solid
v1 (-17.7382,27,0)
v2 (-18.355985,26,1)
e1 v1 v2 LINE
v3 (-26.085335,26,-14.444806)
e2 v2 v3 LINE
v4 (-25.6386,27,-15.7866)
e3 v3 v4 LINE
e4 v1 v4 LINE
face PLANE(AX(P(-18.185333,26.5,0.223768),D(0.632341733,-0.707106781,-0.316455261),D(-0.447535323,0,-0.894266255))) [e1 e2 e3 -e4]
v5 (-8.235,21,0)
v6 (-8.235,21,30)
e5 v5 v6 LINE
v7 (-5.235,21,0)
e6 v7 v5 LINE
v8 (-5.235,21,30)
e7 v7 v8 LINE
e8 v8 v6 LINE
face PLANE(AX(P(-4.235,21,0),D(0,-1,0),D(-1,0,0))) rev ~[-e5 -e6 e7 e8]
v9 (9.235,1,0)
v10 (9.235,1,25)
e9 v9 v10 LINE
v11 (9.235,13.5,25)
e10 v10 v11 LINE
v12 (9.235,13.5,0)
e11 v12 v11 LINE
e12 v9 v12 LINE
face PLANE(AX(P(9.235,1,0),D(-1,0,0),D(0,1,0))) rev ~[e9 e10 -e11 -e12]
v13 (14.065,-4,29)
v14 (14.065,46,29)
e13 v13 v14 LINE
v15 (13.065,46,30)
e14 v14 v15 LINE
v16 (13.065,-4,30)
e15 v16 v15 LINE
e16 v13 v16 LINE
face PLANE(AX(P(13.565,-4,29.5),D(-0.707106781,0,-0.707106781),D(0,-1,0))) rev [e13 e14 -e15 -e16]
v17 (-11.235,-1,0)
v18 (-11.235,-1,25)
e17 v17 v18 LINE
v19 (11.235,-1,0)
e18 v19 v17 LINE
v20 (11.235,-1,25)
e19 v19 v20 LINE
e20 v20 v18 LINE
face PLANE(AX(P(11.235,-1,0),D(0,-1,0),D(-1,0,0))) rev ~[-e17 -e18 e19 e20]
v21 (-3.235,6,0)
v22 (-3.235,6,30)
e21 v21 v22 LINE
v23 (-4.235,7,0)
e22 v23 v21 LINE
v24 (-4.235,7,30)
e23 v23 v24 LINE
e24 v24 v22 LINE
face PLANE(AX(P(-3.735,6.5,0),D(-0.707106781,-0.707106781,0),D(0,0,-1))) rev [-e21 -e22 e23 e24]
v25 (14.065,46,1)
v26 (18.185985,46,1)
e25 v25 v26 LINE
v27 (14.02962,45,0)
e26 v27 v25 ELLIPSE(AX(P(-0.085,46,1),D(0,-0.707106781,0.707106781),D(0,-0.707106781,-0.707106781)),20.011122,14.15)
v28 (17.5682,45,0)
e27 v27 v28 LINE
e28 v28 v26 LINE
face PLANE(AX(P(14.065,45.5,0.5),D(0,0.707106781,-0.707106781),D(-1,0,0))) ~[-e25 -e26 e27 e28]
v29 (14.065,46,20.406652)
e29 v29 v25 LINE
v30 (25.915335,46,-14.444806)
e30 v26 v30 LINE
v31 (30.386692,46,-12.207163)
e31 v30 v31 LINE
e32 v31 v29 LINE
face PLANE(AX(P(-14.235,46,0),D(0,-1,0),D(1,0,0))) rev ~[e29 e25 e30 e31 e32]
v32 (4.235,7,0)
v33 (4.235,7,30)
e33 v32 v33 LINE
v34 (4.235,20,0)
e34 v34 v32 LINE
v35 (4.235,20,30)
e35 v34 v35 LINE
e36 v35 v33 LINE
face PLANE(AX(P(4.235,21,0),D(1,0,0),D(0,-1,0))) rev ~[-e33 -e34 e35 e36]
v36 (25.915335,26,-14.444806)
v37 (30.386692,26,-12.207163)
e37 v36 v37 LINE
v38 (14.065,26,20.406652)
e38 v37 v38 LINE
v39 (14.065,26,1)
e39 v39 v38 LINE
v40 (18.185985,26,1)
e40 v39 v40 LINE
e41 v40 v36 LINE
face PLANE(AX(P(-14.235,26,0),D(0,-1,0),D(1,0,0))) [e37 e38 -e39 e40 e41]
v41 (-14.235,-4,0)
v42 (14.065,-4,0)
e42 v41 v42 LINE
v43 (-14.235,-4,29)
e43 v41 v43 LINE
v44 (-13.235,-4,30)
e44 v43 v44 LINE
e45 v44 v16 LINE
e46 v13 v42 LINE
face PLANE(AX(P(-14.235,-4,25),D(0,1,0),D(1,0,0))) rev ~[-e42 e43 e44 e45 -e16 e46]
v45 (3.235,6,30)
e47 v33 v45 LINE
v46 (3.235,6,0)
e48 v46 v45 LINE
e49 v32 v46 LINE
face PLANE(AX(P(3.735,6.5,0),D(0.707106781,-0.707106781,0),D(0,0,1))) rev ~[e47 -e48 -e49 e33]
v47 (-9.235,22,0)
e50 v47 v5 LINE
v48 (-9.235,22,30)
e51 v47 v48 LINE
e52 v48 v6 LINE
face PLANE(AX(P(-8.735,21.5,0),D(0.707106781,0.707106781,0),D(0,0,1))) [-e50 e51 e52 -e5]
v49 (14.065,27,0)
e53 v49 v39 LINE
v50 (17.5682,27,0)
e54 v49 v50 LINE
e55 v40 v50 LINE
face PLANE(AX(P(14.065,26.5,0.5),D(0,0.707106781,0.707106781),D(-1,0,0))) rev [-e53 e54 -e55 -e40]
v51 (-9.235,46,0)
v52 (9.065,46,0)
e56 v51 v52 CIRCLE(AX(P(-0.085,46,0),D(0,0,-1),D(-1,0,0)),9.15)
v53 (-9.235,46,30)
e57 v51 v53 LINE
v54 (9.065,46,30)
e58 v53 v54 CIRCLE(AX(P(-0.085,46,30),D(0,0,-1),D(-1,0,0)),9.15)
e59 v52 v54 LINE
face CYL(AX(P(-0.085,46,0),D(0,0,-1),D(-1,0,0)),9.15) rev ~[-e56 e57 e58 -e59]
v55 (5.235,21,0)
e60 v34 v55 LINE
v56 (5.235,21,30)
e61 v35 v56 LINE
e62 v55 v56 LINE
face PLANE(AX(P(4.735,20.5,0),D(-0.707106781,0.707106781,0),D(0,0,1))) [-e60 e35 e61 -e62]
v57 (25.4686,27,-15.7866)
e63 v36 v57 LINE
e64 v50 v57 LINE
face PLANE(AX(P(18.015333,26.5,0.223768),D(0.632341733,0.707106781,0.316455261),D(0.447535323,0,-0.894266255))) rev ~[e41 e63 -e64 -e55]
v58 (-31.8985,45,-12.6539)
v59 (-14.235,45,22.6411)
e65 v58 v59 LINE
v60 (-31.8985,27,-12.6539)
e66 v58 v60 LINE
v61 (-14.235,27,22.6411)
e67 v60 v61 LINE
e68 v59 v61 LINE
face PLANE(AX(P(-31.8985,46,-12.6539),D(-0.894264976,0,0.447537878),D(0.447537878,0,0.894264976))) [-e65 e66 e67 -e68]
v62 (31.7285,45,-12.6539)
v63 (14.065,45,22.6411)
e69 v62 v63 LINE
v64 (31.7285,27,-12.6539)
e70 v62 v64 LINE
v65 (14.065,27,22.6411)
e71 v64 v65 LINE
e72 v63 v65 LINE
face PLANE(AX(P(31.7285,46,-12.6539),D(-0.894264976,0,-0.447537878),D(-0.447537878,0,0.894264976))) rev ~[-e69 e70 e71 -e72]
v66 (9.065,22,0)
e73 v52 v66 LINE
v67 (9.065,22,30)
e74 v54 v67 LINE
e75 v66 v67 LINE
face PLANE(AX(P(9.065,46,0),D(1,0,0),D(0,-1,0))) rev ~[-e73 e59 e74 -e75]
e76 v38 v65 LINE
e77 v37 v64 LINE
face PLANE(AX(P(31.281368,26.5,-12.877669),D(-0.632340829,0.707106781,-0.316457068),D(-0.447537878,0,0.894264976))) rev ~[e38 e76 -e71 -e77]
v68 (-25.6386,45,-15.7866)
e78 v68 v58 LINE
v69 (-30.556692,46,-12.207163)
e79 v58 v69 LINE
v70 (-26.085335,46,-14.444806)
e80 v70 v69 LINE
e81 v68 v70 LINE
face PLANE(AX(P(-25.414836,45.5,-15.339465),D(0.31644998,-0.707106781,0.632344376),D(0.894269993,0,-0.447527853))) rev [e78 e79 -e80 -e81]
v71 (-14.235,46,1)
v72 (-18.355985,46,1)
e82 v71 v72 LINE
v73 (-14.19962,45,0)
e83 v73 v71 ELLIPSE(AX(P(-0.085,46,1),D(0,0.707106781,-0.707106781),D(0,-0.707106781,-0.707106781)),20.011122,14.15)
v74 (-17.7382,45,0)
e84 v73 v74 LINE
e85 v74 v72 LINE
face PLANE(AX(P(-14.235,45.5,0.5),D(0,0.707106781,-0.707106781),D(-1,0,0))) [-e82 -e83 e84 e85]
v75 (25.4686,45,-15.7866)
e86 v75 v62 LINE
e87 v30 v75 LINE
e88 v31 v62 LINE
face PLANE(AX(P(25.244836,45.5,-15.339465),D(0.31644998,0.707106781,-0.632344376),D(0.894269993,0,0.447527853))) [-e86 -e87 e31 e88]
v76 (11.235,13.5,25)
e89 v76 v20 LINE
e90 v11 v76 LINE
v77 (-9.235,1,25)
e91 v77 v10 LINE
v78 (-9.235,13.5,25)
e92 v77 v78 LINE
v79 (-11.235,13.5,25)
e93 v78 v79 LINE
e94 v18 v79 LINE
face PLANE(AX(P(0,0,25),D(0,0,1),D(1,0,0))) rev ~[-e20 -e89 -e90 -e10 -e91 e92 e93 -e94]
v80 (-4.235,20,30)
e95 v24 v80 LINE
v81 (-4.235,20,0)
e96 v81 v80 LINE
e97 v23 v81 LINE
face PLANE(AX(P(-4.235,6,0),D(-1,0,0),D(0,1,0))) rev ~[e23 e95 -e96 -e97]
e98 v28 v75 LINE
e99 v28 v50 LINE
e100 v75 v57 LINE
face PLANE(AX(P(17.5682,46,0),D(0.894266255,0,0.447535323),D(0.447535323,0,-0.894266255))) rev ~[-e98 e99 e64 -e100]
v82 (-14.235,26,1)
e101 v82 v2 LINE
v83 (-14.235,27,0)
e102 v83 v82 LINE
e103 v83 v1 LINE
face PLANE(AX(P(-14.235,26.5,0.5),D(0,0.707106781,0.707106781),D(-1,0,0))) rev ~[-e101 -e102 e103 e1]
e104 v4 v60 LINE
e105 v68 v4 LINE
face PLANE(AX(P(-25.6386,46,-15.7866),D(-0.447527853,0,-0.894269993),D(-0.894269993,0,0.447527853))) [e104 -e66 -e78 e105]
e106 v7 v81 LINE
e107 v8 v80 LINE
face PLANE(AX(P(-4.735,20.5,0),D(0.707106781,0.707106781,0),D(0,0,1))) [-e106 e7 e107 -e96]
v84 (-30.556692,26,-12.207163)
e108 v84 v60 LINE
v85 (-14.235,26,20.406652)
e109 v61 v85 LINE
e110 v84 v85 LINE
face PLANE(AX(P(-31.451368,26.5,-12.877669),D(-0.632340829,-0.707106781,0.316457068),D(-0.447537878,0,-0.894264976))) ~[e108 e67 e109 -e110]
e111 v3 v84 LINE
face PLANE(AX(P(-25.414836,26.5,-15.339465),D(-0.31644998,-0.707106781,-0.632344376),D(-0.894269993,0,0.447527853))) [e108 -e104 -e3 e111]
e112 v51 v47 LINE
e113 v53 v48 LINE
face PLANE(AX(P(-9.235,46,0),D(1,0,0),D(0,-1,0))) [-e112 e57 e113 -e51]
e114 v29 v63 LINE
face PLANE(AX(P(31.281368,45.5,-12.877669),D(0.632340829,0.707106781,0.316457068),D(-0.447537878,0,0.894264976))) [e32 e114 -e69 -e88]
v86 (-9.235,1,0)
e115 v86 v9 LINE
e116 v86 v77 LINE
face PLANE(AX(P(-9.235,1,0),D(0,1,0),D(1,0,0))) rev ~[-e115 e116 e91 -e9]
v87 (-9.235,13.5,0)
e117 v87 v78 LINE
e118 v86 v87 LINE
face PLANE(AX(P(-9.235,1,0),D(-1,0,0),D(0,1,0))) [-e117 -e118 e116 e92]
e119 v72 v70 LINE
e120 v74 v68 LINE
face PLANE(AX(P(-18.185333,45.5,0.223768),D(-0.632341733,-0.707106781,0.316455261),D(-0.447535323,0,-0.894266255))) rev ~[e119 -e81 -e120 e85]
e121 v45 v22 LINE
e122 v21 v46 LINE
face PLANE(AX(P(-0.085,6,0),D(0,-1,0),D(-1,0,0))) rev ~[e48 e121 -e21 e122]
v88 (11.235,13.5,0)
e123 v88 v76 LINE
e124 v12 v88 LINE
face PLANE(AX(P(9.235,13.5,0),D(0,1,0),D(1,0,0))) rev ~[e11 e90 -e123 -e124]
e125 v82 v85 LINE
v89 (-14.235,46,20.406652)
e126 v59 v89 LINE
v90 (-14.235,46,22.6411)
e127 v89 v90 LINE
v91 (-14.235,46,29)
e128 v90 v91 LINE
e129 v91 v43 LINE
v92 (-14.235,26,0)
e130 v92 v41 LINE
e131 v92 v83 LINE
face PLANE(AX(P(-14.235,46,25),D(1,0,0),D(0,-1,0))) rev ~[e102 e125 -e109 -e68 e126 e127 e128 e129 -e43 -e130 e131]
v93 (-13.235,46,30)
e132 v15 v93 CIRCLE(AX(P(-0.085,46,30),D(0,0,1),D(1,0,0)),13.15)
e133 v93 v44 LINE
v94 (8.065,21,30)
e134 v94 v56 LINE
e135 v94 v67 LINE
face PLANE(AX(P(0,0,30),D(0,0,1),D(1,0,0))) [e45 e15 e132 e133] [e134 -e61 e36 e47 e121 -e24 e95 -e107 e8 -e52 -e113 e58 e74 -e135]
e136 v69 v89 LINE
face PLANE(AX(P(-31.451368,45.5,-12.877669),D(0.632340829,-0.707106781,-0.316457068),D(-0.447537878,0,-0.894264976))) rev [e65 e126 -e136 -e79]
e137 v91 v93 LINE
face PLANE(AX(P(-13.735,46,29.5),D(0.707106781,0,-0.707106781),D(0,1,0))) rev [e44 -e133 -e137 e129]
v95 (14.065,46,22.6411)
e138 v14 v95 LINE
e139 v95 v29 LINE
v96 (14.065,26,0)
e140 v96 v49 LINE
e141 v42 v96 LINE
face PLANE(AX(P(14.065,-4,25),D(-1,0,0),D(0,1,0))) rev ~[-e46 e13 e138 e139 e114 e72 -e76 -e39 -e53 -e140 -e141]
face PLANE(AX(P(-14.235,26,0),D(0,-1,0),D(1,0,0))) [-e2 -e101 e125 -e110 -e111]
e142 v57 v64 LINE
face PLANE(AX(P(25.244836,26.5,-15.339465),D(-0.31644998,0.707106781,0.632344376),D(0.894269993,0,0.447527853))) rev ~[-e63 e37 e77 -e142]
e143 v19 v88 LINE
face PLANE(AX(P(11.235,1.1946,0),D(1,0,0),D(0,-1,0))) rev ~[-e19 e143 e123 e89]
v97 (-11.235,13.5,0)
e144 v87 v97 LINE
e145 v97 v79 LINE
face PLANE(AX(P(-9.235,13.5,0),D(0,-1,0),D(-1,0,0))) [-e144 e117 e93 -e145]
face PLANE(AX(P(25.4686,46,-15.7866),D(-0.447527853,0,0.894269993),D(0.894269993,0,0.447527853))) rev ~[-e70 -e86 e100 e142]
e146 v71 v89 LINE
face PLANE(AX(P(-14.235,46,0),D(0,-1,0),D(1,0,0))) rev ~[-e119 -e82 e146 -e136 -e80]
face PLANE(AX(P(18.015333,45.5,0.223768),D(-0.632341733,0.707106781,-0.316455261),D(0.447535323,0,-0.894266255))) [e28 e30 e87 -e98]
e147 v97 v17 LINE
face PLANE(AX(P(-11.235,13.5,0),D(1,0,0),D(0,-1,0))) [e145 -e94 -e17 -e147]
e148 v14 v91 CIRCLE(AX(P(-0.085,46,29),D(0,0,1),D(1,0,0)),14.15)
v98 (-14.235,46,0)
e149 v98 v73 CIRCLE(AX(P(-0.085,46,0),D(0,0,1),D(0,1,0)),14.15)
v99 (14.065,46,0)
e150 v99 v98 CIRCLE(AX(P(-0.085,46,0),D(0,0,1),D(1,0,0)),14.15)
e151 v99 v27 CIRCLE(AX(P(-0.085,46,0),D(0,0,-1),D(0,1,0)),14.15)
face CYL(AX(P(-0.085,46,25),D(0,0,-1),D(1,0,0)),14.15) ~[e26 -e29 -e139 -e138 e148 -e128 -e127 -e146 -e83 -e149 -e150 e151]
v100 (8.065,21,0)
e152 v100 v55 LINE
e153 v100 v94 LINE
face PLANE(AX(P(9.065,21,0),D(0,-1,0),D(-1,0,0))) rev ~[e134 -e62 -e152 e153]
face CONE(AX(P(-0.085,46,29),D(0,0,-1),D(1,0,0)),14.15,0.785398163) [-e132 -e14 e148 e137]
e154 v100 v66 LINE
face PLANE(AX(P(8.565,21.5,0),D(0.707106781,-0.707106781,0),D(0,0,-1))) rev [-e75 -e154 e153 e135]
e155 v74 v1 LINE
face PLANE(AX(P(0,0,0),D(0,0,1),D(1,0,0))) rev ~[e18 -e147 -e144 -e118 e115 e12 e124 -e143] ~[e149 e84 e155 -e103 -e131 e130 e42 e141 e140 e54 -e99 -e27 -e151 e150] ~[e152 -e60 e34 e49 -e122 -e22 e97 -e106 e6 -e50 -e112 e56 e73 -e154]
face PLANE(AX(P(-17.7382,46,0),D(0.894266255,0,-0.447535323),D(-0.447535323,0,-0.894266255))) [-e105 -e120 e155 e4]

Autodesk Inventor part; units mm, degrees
ref_plane "YZ Plane" through (0, 0, 0) normal (1, 0, 0) x (0, 1, 0)
ref_plane "XZ Plane" through (0, 0, 0) normal (0, 1, 0) x (-1, 0, 0)
sketch "Sketch1" plane through (0, 0, 0) normal (0, 0, 1) x (1, 0, 0)
  line L0 (-9.235, 1) -> (9.235, 1)
  line L1 (11.235, 1.1946) -> (11.235, -1)
  line L2 (11.235, -1) -> (-11.235, -1)
  line L3 (-11.235, -1) -> (-11.235, 1.0973)
  line L4 (-9.235, 1) -> (-9.235, 13.5)
  line L5 (-9.235, 13.5) -> (-11.235, 13.5)
  line L6 (-11.235, 13.5) -> (-11.235, 1.0973)
  line L7 (9.235, 1) -> (9.235, 13.5)
  line L8 (9.235, 13.5) -> (11.235, 13.5)
  line L9 (11.235, 13.5) -> (11.235, 1.1946)
  line L10 (-14.235, -4) -> (14.065, -4)
  line L11 (14.065, -4) -> (14.065, 46)
  line L12 (14.065, 46) -> (-14.235, 46)
  line L13 (-14.235, 46) -> (-14.235, -4)
  arc A0 (14.065, 46) -> (-14.235, 46) centre (-0.085, 46) ccw
  point P0 (0, 0)
  point P1 (0, 0)
  dimension "d0" = 22.47
  dimension "d1" = 11.235
  dimension "d3" = 1
  dimension "d4" = 14.5
  dimension "d5" = 2
  dimension "d6" = 2
  dimension "d7" = 14.5
  dimension "d10" = 2
  dimension "d19" = 28.3
  dimension "d20" = 50
  dimension "d21" = 14.15
  dimension "d22" = 3
  dimension "d23" = 3
  dimension "d64" = 18.47
extrude "Extrusion2" add sketch "Sketch1" along normal blind 25
sketch "Sketch2" plane through (0, 0, 25) normal (0, 0, 1) x (1, 0, 0)
  line L0 (-14.235, 46) -> (-14.235, -4) projected
  line L1 (-14.235, -4) -> (14.065, -4) projected
  line L2 (14.065, -4) -> (14.065, 46) projected
  line L3 (14.065, -4) -> (14.065, 46) projected
  line L4 (-14.235, -4) -> (14.065, -4)
  line L5 (14.065, -4) -> (14.065, 46)
  line L6 (-14.235, 46) -> (-14.235, -4)
  arc A0 (14.065, 46) -> (-14.235, 46) centre (-0.085, 46) ccw
  point P0 (0, 0)
extrude "Extrusion3" add sketch "Sketch2" along normal blind 5
ref_plane "Work Plane1" through (-14.235, 46, 0) normal (0, -1, 0) x (1, 0, 0)
sketch "Sketch3" plane through (-14.235, 46, 0) normal (0, -1, 0) x (1, 0, 0)
  line L0 (0, 0) -> (28.3, 0) projected
  line L1 (28.3, 0) -> (28.3, 30) projected
  line L2 (0, 30) -> (28.3, 30) projected
  line L3 (0, 0) -> (0, 30) projected
  line L4 (14.235, 0) -> (42.81, 0) construction
  line L5 (28.3, 0) -> (28.3, 30) projected
  line L6 (31.8032, 0) -> (39.7036, -15.7866)
  line L7 (39.7036, -15.7866) -> (45.9635, -12.6539)
  line L8 (45.9635, -12.6539) -> (28.3, 22.6411)
  line L9 (28.3, 0) -> (0, 0) projected
  line L10 (28.3, 0) -> (31.8032, 0)
  line L11 (-3.5032, 0) -> (-11.4036, -15.7866)
  line L12 (-11.4036, -15.7866) -> (-17.6635, -12.6539)
  line L13 (-17.6635, -12.6539) -> (0, 22.6411)
  line L14 (0, 0) -> (-3.5032, 0)
  line L15 (0, 0) -> (0, 22.6411)
  dimension "d31" = 7
extrude "Extrusion4" add sketch "Sketch3" along normal blind 20 contours L14 L11 L12 L13 L3 | L1 L8 L7 L6 L10
sketch "Sketch4" plane through (0, 0, 0) normal (0, 0, -1) x (-1, 0, 0)
  line L0 (14.235, -4) -> (-14.065, -4) projected
  line L1 (0.085, -4) -> (0.085, 46)
  arc A0 (9.235, 46) -> (-9.065, 46) centre (0.085, 46) ccw
  line L2 (-9.065, 46) -> (-9.065, 21)
  line L3 (9.235, 46) -> (9.235, 21)
  arc A1 (14.235, 46) -> (-14.065, 46) centre (0.085, 46) ccw projected
  line L4 (-4.235, 21) -> (-4.235, 6)
  line L5 (-4.235, 6) -> (4.235, 6)
  line L6 (4.235, 6) -> (4.235, 21)
  line L7 (11.235, 13.5) -> (9.235, 13.5) projected
  line L8 (9.235, 13.5) -> (9.235, 1) projected
  line L9 (9.235, 1) -> (-9.235, 1) projected
  line L10 (-9.235, 1) -> (-9.235, 13.5) projected
  line L11 (-9.235, 13.5) -> (-11.235, 13.5) projected
  line L12 (-11.235, 13.5) -> (-11.235, -1) projected
  line L13 (-11.235, -1) -> (11.235, -1) projected
  line L14 (11.235, -1) -> (11.235, 13.5) projected
  line L15 (-9.065, 21) -> (-4.235, 21)
  line L16 (4.235, 21) -> (9.235, 21)
  point P0 (0, 0)
  dimension "d34" = 50
  dimension "d38" = 25
  dimension "d46" = 5
  dimension "d47" = 5
  dimension "d48" = 5
  dimension "d49" = 5
extrude "Extrusion5" cut sketch "Sketch4" against normal blind 30 contours L5 L4 L15 L2 A0 L3 L16 L6
chamfer "Chamfer1" distance 1 angle 45 6 edges at (-4.235, 21, 15) (4.235, 21, 15) (-4.235, 6, 15) (4.235, 6, 15) (9.065, 21, 15) (-9.235, 21, 15)
chamfer "Chamfer3" distance 1 angle 45 8 edges at (22.8967, 26, 4.9936) (28.5986, 26, -14.2202) (21.5184, 26, -7.8933) (15.8166, 26, 0) (-15.9866, 26, 0) (-21.6884, 26, -7.8933) (-28.7686, 26, -14.2202) (-23.0667, 26, 4.9936)
chamfer "Chamfer4" distance 1 angle 45 8 edges at (15.8166, 46, 0) (21.5184, 46, -7.8933) (22.8967, 46, 4.9936) (28.5986, 46, -14.2202) (-23.0667, 46, 4.9936) (-28.7686, 46, -14.2202) (-15.9866, 46, 0) (-21.6884, 46, -7.8933)
chamfer "Chamfer5" distance 1 angle 45 3 edges at (-0.085, 60.15, 30) (-14.235, 21, 30) (14.065, 21, 30)
equation "\"d1\" = 0.5 * d0"
equation "\"d3\" = 0.5 * d10"
equation "\"d6\" = d5"
equation "\"d7\" = d4"
equation "\"d10\" = d5"
properties part number "EndStopGeneric"
